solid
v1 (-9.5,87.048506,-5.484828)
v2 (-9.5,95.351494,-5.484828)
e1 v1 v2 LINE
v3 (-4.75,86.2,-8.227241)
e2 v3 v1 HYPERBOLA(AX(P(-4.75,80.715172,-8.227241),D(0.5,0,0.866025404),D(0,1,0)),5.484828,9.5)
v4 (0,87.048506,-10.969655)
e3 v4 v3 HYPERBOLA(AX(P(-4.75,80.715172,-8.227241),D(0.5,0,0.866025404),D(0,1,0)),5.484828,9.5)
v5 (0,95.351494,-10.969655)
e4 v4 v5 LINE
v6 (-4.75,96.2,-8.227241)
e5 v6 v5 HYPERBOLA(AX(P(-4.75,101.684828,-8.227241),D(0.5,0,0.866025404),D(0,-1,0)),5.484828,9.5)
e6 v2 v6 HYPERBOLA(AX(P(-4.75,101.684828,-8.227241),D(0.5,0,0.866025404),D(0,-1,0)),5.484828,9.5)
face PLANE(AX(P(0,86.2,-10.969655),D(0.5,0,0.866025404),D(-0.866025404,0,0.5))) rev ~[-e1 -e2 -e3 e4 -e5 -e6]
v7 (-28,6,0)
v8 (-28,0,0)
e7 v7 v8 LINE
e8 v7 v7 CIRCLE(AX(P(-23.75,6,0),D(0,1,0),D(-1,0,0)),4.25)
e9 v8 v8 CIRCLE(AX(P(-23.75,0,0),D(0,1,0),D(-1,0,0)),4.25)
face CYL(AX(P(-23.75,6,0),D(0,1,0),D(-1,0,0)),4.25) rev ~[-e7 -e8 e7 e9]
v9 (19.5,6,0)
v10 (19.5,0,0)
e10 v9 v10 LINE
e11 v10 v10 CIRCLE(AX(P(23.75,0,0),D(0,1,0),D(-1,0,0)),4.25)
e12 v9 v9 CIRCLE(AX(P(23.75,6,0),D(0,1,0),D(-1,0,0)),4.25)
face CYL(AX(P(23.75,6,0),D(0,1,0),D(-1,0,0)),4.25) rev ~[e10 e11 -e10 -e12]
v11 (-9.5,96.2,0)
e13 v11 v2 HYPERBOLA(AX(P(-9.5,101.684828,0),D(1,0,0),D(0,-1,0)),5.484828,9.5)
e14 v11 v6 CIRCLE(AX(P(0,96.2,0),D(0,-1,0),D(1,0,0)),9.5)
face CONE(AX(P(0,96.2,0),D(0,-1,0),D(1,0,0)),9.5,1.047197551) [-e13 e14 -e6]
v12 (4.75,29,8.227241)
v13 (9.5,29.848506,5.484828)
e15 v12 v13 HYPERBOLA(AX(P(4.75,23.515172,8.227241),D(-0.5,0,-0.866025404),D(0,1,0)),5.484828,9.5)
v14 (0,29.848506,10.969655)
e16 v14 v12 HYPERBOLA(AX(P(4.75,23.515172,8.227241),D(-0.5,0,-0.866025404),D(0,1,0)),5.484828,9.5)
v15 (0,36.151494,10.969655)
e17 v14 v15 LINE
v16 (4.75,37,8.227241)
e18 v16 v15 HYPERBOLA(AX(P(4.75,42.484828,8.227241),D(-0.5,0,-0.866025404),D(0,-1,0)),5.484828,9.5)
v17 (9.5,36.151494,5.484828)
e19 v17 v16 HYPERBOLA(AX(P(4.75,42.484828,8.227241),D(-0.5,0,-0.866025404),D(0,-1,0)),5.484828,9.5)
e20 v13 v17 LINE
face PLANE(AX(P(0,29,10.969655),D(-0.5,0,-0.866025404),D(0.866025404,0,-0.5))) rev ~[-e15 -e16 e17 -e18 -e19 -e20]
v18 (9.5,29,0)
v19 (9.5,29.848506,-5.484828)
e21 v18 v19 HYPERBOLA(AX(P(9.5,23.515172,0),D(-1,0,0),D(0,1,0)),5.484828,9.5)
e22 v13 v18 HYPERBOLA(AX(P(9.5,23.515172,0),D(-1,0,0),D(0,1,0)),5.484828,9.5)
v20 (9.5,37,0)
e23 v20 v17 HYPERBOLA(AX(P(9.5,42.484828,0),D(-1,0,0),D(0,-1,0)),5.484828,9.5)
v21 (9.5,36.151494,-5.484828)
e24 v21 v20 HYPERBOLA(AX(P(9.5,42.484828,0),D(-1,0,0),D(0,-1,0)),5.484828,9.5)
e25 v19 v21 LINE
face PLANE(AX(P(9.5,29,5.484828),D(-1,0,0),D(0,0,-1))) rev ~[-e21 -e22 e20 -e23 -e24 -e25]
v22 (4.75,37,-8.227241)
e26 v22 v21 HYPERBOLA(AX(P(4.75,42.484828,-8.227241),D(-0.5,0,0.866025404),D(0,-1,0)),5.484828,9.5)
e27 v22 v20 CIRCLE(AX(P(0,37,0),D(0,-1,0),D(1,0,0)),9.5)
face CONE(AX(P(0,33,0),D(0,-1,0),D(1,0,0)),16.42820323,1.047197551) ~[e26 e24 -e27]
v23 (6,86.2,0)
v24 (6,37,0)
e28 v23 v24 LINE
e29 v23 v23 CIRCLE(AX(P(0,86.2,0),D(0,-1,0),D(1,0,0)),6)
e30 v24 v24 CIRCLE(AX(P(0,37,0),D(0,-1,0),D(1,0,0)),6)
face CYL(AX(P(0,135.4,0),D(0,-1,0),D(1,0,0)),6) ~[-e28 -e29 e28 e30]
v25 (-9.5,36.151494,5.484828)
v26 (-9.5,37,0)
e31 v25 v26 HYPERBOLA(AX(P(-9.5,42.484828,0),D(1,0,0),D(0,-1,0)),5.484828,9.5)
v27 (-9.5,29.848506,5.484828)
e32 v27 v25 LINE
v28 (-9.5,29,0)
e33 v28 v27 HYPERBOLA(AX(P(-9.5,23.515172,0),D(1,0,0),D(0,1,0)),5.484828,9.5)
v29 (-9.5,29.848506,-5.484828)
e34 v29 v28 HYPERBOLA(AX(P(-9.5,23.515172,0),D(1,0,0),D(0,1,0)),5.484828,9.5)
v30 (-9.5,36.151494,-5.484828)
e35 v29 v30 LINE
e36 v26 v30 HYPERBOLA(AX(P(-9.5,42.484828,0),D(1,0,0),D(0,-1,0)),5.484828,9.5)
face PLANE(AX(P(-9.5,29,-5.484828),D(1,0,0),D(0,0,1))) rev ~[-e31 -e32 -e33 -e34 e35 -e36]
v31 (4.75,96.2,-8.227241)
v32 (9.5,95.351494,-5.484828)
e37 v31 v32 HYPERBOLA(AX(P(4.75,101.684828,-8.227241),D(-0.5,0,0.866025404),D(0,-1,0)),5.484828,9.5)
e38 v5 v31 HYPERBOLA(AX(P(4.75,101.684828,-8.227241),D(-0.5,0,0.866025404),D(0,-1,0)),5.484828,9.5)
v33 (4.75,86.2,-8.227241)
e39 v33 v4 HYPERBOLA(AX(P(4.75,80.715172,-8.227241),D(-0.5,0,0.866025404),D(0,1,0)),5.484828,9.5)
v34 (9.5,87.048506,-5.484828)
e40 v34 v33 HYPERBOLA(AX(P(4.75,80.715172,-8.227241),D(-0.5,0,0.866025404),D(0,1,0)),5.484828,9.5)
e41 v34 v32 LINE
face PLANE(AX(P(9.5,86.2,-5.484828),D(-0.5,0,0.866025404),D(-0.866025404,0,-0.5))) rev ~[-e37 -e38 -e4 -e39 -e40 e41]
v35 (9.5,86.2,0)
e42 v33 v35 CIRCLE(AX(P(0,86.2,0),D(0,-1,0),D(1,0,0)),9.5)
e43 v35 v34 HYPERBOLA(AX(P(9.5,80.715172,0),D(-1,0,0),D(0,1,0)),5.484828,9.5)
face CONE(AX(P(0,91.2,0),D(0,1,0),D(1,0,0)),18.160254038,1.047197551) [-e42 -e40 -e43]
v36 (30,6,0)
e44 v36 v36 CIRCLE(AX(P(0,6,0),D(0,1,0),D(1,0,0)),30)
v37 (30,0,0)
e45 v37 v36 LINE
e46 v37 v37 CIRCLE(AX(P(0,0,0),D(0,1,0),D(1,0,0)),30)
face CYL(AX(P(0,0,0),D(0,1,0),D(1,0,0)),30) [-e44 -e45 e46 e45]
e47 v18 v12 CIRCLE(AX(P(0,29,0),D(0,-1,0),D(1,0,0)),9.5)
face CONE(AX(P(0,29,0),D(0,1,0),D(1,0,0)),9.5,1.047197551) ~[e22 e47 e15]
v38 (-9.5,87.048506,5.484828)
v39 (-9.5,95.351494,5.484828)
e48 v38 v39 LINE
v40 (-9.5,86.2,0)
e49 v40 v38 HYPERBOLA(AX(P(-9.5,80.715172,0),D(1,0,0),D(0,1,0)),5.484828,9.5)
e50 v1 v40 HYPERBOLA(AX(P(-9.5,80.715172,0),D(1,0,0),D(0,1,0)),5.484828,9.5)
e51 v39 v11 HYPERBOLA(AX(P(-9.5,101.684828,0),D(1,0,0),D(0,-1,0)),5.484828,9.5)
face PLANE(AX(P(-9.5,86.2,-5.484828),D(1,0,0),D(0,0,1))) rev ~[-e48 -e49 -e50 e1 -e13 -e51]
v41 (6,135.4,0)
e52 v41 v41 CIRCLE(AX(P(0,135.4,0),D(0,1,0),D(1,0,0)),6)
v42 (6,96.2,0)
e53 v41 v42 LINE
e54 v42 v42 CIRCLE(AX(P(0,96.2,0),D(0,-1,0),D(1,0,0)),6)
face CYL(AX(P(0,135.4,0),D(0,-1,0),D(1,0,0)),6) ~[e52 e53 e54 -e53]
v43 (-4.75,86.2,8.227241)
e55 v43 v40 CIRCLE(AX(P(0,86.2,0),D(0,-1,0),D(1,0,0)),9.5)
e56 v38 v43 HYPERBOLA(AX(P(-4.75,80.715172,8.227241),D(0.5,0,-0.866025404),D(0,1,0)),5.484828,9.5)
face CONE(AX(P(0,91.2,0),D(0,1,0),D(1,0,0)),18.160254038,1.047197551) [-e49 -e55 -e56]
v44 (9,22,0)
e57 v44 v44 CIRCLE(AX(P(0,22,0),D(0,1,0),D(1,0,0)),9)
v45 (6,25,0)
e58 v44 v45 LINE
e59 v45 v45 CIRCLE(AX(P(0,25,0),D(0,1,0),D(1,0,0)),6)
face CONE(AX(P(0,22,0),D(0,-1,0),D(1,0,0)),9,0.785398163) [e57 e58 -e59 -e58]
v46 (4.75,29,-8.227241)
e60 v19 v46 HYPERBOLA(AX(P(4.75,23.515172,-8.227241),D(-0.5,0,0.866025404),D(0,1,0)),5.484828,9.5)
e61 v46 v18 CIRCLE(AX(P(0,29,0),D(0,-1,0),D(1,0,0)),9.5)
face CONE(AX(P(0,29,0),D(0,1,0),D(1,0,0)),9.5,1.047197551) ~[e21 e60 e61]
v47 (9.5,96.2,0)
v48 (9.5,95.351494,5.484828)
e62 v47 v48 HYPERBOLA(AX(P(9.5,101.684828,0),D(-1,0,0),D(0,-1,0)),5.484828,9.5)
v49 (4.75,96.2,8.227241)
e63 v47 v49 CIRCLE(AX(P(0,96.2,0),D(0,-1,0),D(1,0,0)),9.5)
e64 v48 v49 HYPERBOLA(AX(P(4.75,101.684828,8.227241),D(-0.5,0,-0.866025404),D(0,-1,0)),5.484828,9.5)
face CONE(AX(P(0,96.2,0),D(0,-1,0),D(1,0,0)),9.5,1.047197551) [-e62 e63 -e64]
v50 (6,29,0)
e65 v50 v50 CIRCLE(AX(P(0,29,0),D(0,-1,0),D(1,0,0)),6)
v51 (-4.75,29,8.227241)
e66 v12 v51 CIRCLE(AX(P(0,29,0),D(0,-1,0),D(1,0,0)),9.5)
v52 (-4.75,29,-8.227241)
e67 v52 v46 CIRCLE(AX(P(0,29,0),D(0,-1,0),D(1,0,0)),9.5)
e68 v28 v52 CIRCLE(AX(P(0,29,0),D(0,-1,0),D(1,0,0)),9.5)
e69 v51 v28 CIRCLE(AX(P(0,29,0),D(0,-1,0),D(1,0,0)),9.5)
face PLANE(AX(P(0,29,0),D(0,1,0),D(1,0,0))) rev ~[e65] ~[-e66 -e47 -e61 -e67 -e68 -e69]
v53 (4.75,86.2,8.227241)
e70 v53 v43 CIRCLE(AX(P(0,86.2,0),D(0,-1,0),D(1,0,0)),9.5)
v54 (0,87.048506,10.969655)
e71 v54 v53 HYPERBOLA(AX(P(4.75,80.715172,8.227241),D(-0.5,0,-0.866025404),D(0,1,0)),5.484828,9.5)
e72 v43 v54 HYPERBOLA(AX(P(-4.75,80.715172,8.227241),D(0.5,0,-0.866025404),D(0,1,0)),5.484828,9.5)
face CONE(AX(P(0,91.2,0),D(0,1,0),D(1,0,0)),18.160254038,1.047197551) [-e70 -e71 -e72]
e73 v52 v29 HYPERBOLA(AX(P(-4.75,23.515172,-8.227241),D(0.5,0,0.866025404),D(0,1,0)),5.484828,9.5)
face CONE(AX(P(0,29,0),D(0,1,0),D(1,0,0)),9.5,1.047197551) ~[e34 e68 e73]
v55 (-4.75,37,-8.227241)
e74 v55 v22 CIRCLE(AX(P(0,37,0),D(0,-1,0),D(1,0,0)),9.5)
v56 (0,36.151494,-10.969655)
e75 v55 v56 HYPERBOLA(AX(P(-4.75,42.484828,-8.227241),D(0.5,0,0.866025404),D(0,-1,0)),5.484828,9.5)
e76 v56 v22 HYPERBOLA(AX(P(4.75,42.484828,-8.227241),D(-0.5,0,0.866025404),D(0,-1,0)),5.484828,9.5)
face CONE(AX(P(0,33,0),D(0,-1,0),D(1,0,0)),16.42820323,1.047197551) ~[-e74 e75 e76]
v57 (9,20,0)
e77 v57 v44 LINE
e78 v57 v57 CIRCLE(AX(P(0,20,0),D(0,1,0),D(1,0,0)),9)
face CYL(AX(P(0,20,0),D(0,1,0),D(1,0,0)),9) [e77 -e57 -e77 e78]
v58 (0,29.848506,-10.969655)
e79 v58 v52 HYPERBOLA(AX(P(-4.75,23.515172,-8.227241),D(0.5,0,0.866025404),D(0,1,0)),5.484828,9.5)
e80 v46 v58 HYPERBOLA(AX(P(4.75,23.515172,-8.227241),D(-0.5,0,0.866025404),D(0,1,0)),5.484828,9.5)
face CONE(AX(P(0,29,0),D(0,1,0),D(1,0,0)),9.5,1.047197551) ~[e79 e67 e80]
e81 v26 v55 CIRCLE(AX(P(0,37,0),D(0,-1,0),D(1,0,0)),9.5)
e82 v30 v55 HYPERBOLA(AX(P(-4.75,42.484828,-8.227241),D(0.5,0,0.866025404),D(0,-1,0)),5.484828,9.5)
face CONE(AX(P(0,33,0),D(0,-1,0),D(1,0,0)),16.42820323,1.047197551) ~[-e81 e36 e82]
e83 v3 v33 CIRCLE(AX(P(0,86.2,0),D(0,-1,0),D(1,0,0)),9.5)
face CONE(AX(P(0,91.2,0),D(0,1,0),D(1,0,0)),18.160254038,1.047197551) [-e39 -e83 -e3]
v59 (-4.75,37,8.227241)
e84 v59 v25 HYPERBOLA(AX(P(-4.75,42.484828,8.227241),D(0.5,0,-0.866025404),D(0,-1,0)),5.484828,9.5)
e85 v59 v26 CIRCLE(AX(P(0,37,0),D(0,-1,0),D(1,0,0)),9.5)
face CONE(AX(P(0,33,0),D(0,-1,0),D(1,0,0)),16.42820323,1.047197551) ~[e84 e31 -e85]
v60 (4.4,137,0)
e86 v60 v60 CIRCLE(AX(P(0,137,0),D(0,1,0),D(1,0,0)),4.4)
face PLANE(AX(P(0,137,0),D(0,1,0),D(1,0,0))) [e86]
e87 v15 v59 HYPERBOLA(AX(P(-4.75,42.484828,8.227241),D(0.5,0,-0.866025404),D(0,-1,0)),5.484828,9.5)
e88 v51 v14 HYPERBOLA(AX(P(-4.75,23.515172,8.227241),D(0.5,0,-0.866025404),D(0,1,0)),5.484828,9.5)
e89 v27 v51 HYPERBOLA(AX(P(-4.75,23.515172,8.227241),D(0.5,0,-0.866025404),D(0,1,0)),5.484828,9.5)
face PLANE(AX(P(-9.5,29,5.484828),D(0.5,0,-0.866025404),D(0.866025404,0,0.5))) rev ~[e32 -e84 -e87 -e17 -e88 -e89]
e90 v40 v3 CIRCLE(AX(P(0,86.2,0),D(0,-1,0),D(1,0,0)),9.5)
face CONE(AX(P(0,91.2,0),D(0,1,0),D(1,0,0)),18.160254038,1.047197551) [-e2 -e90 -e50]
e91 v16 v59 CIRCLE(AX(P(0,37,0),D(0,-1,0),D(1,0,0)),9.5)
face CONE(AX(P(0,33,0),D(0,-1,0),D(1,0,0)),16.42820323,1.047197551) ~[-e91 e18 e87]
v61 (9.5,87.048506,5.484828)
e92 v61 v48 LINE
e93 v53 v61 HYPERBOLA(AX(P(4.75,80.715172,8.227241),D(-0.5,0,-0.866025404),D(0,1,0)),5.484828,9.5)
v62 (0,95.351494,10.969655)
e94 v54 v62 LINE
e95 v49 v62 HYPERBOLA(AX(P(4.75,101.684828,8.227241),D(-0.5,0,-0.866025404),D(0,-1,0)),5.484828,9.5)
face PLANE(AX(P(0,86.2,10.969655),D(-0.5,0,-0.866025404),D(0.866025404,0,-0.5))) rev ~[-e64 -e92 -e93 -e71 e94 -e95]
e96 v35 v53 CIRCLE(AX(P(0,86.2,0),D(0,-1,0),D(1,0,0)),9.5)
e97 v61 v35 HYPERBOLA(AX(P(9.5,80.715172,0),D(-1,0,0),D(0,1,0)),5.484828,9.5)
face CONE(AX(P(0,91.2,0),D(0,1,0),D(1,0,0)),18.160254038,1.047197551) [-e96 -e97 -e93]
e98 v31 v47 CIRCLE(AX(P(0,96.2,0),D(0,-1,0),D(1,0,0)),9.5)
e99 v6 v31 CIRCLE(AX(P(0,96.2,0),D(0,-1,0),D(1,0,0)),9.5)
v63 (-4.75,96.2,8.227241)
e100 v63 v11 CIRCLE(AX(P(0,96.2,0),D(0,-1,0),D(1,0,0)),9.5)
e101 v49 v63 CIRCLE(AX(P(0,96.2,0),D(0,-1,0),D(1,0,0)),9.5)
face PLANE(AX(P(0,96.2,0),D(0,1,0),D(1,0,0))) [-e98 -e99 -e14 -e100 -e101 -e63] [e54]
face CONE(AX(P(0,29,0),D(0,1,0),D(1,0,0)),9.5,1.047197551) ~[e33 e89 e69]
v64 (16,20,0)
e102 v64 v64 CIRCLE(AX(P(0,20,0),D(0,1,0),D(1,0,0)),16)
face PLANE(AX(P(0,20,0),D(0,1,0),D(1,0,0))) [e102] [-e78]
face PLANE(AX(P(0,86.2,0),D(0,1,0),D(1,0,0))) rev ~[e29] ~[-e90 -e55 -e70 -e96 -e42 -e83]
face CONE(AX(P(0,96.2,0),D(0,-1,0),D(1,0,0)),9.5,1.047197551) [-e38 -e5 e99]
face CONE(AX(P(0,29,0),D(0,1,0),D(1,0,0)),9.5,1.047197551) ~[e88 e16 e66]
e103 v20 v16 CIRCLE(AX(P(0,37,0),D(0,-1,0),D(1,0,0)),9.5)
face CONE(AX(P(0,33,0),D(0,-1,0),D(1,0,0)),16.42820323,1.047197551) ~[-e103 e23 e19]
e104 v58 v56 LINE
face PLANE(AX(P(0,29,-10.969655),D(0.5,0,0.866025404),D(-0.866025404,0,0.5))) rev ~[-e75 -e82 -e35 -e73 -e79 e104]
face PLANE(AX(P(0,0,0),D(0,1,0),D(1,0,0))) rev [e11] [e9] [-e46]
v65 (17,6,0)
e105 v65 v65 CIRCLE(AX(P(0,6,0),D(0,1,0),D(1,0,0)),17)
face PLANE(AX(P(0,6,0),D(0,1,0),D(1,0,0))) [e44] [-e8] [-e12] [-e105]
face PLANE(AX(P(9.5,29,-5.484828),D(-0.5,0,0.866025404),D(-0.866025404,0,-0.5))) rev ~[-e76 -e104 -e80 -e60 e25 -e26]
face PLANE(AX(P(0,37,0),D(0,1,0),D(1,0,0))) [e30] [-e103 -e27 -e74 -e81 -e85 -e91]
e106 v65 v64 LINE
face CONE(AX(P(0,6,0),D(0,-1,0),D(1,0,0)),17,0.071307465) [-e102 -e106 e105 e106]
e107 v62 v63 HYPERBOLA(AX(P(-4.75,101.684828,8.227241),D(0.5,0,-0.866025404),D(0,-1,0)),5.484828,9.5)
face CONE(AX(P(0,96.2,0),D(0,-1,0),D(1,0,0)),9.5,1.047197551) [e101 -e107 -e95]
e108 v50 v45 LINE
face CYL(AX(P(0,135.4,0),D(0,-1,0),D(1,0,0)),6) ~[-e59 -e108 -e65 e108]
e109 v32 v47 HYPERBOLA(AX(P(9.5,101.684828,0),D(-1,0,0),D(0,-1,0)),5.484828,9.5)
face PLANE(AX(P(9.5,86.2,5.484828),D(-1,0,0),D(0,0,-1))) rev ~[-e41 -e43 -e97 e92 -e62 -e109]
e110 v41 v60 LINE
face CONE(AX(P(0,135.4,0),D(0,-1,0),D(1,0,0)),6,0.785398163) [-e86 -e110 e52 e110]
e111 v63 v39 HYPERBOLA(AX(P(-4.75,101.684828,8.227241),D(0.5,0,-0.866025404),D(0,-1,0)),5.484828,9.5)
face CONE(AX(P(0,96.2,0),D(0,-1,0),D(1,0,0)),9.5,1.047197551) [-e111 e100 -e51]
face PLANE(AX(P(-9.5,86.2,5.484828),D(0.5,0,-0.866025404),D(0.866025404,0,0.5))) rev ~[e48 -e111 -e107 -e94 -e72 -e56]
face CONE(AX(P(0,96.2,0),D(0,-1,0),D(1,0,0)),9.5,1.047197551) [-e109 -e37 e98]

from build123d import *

# Parameters (mm, degrees)
EXTRUDE_1_DEPTH     = 8
EXTRUDE_2_DEPTH     = 10
SKETCH_5_R          = 4.25
CUT_EXTRUDE_1_DEPTH = 7


with BuildPart() as part:
    # Эскиз1 → Повернуть1 (revolve)
    with BuildSketch(Plane.XY, mode=Mode.PRIVATE) as revolve_1_sk:
        Polygon((0, 0), (-30, 0), (-30, 6), (-17, 6), (-16, 20), (-9, 20), (-9, 22), (-6, 25), (-6, 29), (-6, 37), (-6, 135.4), (-4.4, 137), (0, 137), align=None)
    revolve(revolve_1_sk.sketch.rotate(Axis((0, 0, 0), (0, 1, 0)), 180), axis=Axis((0, 0, 0), (0, 1, 0)))  # turned: the seam where the file's is

    # Эскиз2 → Бобышка-Вытянуть1 (add)
    with BuildSketch(Plane(origin=(0, 29, 0), x_dir=(1, 0, 0), z_dir=(0, 1, 0))):
        Polygon((0, 10.969655115), (-9.5, 5.484827557), (-9.5, -5.484827557), (0, -10.969655115), (9.5, -5.484827557), (9.5, 5.484827557), align=None)
    extrude(amount=EXTRUDE_1_DEPTH)

    # Эскиз3 → Бобышка-Вытянуть2 (add)
    with BuildSketch(Plane(origin=(0, 86.2, 0), x_dir=(1, 0, 0), z_dir=(0, 1, 0))):
        Polygon((9.5, 5.484827557), (0, 10.969655115), (-9.5, 5.484827557), (-9.5, -5.484827557), (0, -10.969655115), (9.5, -5.484827557), align=None)
    extrude(amount=EXTRUDE_2_DEPTH)

    # Эскиз4 → Вырез-Повернуть2 (revolve, cut)
    with BuildSketch(Plane.XY, mode=Mode.PRIVATE) as cut_revolve_2_sk:
        Polygon((-18.160254038, 96.2), (-9.5, 96.2), (-18.160254038, 91.2), align=None)
        Polygon((-18.160254038, 86.2), (-18.160254038, 91.2), (-9.5, 86.2), align=None)
        Polygon((-16.42820323, 37), (-16.42820323, 33), (-9.5, 37), align=None)
        Polygon((-16.42820323, 33), (-16.42820323, 29), (-9.5, 29), align=None)
    revolve(cut_revolve_2_sk.sketch.rotate(Axis((0, 137, 0), (0, -1, 0)), 180), axis=Axis((0, 137, 0), (0, -1, 0)), mode=Mode.SUBTRACT)  # turned: the seam where the file's is

    # Эскиз5 → Вырез-Вытянуть1 (cut, through all)
    with BuildSketch(Plane(origin=(0, 6, 0), x_dir=(1, 0, 0), z_dir=(0, 1, 0))):
        with Locations(Location((-23.75, 0, 0), (0, 0, 180))):  # turned: the seam where the file's is
            Circle(SKETCH_5_R)
        with Locations(Location((23.75, 0, 0), (0, 0, 180))):  # turned: the seam where the file's is
            Circle(SKETCH_5_R)
    extrude(amount=-CUT_EXTRUDE_1_DEPTH, mode=Mode.SUBTRACT)


solid = part.part
